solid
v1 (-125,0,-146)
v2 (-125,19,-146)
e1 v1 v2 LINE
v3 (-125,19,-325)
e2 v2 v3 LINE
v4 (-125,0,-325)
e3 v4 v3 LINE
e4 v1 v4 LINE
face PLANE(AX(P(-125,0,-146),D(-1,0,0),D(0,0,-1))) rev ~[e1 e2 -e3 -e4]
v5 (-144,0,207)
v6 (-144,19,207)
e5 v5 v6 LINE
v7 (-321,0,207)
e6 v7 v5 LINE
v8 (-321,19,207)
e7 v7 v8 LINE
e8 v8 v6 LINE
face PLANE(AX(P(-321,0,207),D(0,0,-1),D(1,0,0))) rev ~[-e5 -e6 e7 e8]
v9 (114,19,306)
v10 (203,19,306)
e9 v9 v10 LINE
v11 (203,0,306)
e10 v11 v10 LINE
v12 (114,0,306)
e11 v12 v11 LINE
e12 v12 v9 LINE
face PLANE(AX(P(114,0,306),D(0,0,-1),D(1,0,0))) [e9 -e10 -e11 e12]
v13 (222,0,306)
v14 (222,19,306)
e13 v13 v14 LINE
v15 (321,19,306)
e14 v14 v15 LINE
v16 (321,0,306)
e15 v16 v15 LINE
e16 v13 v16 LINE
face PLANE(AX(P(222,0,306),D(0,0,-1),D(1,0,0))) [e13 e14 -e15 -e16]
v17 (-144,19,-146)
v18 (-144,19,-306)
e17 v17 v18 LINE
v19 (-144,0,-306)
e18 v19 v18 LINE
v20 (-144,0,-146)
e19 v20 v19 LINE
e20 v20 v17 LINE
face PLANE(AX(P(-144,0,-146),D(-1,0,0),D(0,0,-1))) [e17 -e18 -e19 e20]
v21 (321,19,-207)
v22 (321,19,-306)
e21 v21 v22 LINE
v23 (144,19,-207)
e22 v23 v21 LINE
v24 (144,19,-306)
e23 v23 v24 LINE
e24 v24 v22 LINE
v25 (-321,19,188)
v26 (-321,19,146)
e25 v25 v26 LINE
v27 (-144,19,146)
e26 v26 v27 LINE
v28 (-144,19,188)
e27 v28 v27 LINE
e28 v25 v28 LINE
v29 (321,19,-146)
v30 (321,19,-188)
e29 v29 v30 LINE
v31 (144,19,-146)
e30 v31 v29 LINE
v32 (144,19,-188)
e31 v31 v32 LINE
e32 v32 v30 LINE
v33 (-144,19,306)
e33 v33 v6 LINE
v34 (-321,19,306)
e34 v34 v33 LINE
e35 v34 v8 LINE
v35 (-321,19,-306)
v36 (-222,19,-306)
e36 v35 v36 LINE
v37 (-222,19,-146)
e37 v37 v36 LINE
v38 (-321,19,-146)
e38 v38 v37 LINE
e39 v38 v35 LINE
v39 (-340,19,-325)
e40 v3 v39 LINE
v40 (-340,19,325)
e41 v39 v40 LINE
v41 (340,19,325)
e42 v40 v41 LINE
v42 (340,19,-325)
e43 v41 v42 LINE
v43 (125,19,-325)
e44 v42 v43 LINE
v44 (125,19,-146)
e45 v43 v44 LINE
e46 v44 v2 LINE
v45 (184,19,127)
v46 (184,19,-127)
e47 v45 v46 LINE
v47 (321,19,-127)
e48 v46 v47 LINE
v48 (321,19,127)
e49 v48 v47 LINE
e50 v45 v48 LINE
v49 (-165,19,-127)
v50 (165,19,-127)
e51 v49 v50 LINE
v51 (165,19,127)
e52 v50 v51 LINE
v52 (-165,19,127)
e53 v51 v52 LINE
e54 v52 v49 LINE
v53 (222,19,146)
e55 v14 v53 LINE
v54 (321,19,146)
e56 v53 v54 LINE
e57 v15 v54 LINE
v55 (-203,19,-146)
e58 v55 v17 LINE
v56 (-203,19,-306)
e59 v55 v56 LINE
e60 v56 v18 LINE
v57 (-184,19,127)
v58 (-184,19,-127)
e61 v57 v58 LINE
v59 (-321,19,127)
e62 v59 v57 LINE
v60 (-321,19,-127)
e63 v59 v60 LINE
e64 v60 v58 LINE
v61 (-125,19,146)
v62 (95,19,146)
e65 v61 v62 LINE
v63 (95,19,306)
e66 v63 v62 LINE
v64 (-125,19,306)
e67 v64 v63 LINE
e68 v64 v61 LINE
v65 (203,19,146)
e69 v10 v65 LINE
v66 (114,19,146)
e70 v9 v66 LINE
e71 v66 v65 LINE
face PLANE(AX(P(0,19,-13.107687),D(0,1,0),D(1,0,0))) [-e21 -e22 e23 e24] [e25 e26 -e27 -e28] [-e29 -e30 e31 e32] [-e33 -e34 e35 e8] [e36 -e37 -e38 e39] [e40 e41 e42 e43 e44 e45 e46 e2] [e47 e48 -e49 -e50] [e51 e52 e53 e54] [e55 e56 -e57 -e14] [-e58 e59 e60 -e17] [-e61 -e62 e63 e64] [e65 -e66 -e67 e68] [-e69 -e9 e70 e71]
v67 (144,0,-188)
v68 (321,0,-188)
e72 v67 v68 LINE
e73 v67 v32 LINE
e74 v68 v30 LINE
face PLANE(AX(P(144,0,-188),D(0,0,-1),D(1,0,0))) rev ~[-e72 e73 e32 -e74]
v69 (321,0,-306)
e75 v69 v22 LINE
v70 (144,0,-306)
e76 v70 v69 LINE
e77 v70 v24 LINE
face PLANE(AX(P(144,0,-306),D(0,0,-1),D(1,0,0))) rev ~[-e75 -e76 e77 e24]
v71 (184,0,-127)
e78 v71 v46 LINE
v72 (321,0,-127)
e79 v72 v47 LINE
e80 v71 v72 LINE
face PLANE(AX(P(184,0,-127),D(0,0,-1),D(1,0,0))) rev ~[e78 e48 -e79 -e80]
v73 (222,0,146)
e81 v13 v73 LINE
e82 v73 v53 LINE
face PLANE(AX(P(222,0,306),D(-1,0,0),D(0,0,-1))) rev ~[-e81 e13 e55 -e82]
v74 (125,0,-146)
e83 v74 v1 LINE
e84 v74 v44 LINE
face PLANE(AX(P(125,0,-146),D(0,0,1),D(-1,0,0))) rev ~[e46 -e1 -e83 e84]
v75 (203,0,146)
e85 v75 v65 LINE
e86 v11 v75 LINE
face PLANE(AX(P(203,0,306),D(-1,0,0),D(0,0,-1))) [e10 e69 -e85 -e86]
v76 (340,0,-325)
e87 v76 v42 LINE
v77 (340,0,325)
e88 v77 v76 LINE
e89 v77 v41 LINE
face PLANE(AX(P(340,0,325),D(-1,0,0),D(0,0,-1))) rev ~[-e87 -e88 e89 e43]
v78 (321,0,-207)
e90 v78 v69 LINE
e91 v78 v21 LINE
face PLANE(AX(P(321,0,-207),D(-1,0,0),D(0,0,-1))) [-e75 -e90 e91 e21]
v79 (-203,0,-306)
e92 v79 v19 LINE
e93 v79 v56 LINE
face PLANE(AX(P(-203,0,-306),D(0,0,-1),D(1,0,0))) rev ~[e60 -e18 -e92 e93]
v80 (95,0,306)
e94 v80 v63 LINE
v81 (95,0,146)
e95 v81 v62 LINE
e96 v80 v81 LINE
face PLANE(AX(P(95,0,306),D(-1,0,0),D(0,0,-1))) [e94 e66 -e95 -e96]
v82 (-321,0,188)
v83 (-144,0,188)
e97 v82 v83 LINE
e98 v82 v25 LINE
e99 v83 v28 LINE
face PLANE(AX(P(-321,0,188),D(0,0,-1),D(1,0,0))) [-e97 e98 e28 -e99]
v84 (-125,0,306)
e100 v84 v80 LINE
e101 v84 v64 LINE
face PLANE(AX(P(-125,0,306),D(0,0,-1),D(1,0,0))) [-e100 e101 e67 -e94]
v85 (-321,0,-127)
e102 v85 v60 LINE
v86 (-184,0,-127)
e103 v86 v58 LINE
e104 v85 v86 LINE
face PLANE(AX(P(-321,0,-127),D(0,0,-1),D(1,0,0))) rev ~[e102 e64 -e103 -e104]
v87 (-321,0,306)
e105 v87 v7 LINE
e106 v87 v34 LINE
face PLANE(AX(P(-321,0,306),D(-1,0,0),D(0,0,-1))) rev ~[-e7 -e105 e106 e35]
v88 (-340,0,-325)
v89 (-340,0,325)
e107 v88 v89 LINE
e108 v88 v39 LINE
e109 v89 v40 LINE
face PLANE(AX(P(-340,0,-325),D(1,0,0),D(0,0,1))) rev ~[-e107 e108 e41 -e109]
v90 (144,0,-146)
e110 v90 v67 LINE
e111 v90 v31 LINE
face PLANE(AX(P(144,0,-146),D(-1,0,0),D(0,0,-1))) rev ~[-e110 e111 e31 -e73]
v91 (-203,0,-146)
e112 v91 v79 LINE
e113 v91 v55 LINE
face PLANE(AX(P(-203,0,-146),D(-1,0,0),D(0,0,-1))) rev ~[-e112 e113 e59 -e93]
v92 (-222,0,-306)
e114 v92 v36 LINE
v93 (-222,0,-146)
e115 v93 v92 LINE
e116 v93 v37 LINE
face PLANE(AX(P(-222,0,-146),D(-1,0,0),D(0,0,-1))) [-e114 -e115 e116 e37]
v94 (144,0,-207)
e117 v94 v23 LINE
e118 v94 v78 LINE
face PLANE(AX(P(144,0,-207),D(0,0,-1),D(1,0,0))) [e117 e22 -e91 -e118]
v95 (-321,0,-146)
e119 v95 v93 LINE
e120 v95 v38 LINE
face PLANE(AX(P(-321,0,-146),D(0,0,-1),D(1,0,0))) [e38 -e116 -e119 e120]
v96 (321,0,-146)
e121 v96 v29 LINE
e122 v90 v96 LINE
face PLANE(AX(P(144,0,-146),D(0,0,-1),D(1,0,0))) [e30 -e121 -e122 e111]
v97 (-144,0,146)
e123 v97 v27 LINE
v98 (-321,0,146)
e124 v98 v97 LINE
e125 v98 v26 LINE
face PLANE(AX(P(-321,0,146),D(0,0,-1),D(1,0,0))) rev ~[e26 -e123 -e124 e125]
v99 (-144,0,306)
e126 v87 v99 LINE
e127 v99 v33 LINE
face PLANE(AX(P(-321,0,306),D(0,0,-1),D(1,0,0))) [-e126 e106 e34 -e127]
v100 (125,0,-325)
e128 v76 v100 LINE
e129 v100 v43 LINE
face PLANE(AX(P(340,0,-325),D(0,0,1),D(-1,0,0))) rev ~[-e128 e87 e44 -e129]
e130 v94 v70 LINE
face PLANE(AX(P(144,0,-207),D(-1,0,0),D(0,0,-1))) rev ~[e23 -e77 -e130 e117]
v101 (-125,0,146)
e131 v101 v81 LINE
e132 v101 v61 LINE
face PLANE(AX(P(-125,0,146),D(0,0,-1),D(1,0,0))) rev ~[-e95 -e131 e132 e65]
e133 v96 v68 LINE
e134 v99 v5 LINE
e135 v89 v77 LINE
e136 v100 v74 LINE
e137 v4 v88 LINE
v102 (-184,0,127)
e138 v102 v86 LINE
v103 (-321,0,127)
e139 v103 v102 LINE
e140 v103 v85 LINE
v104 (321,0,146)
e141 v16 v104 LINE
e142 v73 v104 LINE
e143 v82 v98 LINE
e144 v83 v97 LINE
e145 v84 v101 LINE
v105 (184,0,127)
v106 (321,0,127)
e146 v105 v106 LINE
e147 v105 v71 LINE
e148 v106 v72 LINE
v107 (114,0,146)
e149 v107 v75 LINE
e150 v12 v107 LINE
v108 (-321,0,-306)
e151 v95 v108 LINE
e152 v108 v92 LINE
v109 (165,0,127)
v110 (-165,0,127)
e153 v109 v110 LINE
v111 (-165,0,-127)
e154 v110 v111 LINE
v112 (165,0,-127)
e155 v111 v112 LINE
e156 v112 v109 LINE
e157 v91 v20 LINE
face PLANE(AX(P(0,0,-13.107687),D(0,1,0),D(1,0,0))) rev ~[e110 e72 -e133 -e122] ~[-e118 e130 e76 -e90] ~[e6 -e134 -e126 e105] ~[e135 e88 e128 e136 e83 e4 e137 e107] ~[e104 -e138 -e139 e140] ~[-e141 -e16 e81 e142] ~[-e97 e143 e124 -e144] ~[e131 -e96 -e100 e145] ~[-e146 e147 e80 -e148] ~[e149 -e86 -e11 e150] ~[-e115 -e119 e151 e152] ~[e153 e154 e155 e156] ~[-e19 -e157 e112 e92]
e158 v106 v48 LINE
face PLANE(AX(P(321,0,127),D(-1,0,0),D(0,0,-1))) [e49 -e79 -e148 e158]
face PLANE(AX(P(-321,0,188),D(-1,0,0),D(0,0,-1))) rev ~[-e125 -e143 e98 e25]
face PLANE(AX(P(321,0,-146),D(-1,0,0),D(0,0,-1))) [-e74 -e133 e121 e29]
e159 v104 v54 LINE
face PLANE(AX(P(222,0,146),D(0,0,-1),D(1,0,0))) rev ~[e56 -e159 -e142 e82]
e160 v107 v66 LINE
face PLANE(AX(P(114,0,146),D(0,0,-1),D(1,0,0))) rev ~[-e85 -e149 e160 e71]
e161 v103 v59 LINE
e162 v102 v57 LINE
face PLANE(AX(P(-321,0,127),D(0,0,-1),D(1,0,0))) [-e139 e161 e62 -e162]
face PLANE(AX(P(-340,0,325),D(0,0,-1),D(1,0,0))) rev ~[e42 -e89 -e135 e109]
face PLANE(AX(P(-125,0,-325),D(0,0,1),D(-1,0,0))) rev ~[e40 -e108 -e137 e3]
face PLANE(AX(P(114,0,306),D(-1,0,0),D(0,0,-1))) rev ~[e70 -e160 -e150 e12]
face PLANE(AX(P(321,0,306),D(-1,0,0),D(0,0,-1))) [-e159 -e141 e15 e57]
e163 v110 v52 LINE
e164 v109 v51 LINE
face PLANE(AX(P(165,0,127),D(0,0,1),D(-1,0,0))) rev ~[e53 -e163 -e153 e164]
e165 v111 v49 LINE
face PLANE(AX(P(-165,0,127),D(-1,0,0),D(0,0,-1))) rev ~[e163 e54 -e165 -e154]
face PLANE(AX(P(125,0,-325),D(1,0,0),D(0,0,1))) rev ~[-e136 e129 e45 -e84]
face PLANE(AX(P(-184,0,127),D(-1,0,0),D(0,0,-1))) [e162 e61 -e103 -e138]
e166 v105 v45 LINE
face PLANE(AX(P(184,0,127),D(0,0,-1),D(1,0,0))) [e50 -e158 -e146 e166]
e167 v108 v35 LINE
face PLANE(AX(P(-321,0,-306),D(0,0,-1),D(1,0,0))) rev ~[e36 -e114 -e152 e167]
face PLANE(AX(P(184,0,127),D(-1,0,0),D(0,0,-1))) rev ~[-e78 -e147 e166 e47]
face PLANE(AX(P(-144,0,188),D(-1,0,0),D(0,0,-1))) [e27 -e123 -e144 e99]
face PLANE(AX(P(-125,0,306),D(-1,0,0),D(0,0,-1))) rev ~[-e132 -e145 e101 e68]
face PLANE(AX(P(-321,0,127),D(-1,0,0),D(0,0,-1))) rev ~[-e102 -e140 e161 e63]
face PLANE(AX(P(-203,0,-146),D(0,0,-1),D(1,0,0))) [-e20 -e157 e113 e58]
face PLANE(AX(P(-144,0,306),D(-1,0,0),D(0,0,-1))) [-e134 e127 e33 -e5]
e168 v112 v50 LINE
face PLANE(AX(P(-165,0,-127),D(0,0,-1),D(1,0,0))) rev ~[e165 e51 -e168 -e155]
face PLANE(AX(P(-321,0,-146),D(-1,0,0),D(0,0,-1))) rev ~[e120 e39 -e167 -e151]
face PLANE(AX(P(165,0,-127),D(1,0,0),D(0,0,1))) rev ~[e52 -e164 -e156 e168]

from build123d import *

# Parameters (mm, degrees)
SKETCH1_W           = 177
SKETCH1_H           = 99
SKETCH1_H_2         = 42
SKETCH1_W_2         = 220
SKETCH1_H_3         = 160
SKETCH1_W_3         = 89
SKETCH1_W_4         = 99
SKETCH1_W_5         = 137
SKETCH1_H_4         = 254
SKETCH1_W_6         = 59
BOSS_EXTRUDE1_DEPTH = 19


with BuildPart() as part:
    # Sketch1 → Boss-Extrude1 (new body)
    with BuildSketch(Plane(origin=(0, 0, 0), x_dir=(1, 0, 0), z_dir=(0, 1, 0))):
        Polygon((-340, 325), (-340, -325), (340, -325), (340, 325), (125, 325), (125, 146), (-125, 146), (-125, 325), align=None)
        with Locations((-232.5, -256.5)):
            Rectangle(SKETCH1_W, SKETCH1_H, mode=Mode.SUBTRACT)
        with Locations((-232.5, -167)):
            Rectangle(SKETCH1_W, SKETCH1_H_2, mode=Mode.SUBTRACT)
        with Locations((-15, -226)):
            Rectangle(SKETCH1_W_2, SKETCH1_H_3, mode=Mode.SUBTRACT)
        with Locations((158.5, -226)):
            Rectangle(SKETCH1_W_3, SKETCH1_H_3, mode=Mode.SUBTRACT)
        with Locations((271.5, -226)):
            Rectangle(SKETCH1_W_4, SKETCH1_H_3, mode=Mode.SUBTRACT)
        with Locations((-252.5, 0)):
            Rectangle(SKETCH1_W_5, SKETCH1_H_4, mode=Mode.SUBTRACT)
        with Locations((-271.5, 226)):
            Rectangle(SKETCH1_W_4, SKETCH1_H_3, mode=Mode.SUBTRACT)
        with Locations((-173.5, 226)):
            Rectangle(SKETCH1_W_6, SKETCH1_H_3, mode=Mode.SUBTRACT)
        Polygon((-165, -127), (-165, 127), (132.861538462, 127), (165, 127), (165, -127), (114, -127), (95, -127), (-125, -127), (-144, -127), align=None, mode=Mode.SUBTRACT)
        with Locations((252.5, 0)):
            Rectangle(SKETCH1_W_5, SKETCH1_H_4, mode=Mode.SUBTRACT)
        with Locations((232.5, 167)):
            Rectangle(SKETCH1_W, SKETCH1_H_2, mode=Mode.SUBTRACT)
        with Locations((232.5, 256.5)):
            Rectangle(SKETCH1_W, SKETCH1_H, mode=Mode.SUBTRACT)
    extrude(amount=BOSS_EXTRUDE1_DEPTH)


solid = part.part
